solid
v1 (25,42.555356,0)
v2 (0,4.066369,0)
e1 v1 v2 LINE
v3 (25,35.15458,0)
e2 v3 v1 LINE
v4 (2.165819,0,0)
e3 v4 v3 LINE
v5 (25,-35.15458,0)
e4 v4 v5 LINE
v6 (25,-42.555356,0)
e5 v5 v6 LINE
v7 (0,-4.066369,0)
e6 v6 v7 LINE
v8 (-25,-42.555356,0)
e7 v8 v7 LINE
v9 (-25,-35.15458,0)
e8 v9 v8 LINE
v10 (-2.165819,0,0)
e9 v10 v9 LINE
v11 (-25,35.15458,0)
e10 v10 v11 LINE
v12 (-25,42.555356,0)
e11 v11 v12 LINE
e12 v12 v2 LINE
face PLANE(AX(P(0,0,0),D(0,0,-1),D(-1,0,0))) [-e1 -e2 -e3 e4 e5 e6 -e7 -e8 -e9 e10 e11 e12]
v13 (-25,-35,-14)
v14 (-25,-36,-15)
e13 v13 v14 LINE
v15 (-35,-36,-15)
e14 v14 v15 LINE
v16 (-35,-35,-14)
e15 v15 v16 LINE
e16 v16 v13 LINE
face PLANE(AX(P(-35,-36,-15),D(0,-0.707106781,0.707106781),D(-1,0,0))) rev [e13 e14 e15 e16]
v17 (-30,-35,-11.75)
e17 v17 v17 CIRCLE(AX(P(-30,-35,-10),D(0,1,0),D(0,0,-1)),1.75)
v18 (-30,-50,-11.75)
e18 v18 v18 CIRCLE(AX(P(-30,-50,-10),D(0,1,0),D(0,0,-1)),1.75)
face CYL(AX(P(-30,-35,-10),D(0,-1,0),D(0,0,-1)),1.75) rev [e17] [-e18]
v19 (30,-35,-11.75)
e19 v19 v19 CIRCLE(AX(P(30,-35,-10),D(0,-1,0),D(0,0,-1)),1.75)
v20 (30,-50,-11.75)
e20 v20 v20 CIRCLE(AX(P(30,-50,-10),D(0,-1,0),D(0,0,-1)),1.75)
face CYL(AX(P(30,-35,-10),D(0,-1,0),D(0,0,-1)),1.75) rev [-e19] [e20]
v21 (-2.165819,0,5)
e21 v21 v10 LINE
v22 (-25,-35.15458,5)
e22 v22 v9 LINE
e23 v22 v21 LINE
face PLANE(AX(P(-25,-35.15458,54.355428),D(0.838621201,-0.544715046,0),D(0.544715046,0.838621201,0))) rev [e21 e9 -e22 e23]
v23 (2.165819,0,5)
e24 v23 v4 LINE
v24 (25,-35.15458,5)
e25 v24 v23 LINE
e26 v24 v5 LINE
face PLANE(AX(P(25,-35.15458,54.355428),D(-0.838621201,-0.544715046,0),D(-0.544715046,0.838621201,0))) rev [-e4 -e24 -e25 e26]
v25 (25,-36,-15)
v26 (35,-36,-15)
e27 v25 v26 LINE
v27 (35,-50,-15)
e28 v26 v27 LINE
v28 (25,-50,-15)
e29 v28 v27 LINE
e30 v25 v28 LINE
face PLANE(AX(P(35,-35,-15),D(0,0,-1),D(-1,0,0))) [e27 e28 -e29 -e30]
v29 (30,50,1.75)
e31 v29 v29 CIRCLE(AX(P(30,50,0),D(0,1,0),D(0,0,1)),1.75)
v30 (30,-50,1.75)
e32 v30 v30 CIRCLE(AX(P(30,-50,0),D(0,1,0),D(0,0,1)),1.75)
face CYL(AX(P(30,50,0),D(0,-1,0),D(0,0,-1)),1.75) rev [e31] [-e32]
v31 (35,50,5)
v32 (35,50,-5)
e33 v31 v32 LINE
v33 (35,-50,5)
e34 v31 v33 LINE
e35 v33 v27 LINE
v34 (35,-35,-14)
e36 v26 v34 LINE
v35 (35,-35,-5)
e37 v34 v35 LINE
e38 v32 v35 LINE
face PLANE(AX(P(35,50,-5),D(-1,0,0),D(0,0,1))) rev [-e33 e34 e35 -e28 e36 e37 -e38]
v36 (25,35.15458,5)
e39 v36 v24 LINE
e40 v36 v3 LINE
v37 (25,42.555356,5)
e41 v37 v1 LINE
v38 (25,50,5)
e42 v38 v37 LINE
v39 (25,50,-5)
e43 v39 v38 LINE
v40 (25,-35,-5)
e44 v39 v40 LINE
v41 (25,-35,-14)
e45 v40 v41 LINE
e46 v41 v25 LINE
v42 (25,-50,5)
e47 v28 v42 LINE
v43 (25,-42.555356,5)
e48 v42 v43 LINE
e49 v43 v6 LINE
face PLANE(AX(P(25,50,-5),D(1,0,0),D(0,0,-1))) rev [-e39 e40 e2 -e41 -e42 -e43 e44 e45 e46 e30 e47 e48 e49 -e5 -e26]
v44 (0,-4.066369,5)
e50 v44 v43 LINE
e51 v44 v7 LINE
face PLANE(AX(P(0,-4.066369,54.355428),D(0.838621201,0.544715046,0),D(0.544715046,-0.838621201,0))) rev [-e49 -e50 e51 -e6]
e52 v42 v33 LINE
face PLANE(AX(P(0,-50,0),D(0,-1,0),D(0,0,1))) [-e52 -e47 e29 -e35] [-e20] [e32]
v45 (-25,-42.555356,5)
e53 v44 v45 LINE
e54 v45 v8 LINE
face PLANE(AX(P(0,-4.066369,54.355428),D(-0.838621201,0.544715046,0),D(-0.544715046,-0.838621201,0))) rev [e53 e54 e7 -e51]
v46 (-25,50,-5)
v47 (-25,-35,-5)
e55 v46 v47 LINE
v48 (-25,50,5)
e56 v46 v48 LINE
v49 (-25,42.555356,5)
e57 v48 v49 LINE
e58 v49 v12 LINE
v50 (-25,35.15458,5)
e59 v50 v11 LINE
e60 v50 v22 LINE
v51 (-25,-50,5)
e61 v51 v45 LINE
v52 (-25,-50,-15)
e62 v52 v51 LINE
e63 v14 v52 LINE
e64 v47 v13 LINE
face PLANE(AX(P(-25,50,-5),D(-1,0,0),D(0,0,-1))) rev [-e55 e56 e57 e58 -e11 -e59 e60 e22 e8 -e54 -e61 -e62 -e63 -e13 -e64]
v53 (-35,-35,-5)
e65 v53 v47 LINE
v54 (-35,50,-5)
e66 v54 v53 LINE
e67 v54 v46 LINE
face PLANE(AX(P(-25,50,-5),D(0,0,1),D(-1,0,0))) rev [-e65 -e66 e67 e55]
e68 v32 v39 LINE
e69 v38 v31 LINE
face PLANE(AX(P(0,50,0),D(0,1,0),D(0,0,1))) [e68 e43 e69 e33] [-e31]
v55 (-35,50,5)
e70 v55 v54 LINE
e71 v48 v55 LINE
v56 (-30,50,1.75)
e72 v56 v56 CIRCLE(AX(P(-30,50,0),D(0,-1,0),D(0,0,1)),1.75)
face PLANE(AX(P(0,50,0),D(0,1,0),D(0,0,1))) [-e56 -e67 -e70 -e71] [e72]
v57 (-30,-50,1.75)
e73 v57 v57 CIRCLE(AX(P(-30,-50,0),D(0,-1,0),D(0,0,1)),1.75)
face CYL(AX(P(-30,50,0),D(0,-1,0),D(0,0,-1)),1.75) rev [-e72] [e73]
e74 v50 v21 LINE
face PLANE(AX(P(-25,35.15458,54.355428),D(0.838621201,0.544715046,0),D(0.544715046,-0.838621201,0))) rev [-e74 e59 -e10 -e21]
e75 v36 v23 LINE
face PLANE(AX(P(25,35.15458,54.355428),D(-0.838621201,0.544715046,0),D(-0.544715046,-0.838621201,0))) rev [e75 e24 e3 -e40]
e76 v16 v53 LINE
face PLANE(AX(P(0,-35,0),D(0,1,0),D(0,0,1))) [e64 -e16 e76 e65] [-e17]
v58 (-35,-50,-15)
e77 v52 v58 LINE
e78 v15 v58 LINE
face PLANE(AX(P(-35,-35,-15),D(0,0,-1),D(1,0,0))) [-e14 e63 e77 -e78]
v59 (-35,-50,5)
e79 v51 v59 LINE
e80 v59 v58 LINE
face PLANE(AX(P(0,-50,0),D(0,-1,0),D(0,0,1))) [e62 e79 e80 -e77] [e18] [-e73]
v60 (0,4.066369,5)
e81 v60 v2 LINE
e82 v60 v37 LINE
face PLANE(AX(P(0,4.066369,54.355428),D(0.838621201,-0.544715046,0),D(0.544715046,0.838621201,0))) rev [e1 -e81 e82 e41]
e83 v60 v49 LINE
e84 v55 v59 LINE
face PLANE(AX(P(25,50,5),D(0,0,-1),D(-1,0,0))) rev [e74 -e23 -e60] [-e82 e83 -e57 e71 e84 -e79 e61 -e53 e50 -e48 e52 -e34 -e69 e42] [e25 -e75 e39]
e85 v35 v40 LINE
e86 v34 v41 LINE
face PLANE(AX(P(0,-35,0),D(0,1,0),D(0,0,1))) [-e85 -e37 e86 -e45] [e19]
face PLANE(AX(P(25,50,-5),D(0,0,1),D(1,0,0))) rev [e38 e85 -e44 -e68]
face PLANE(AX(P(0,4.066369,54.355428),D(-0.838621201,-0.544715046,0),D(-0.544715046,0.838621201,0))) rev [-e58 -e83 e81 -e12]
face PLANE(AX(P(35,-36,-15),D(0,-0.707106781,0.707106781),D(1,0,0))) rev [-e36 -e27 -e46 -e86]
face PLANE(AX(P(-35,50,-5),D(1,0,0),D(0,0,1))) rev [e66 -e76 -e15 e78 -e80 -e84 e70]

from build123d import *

# Parameters (mm, degrees)
CROQUIS3_W              = 10
CROQUIS3_H              = 10
CROQUIS3_R              = 1.75
SALIENTE_EXTRUIR1_DEPTH = 50
SALIENTE_EXTRUIR2_DEPTH = 5
CROQUIS9_W              = 10
CROQUIS9_H              = 10
CROQUIS9_R              = 1.75
SALIENTE_EXTRUIR4_DEPTH = 15
CHAFL_N1_SIZE           = 1


with BuildPart() as part:
    # Croquis3 → Saliente-Extruir1 (new body)
    with BuildSketch(Plane(origin=(0, 0, 0), x_dir=(1, 0, 0), z_dir=(0, 1, 0))):
        with Locations((30, 0)):
            Rectangle(CROQUIS3_W, CROQUIS3_H)
        with Locations(Location((30, 0, 0), (0, 0, 270))):
            Circle(CROQUIS3_R, mode=Mode.SUBTRACT)
    extrude(amount=SALIENTE_EXTRUIR1_DEPTH)

    # Croquis4 → Saliente-Extruir2 (add)
    with BuildSketch(Plane.XY):
        Polygon((0, 0), (0, 4.066369454), (25, 42.555355948), (25, 35.154579698), (2.165818783, 0), align=None)
    extrude(amount=SALIENTE_EXTRUIR2_DEPTH)

    # Simetría1: part across plane


with BuildPart() as part_1:
    add(part.part)
    add(part.part.mirror(Plane.ZX))

    # Croquis9 → Saliente-Extruir4 (add)
    with BuildSketch(Plane.XZ.offset(50)):
        with Locations((30, -10)):
            Rectangle(CROQUIS9_W, CROQUIS9_H)
        with Locations(Location((30, -10, 0), (0, 0, 270))):
            Circle(CROQUIS9_R, mode=Mode.SUBTRACT)
    extrude(amount=-SALIENTE_EXTRUIR4_DEPTH)

    # Chaflán1
    chafl_n1_edges = [part_1.edges().sort_by_distance(p)[0] for p in [
        (30, -35, -15),
    ]]
    chamfer(chafl_n1_edges, length=CHAFL_N1_SIZE)

    # Simetría2: part across plane


with BuildPart() as part_2:
    add(part_1.part)
    add(part_1.part.mirror(Plane(origin=(0, 0, 0), x_dir=(0, 0, 1), z_dir=(1, 0, 0))))


solid = part_2.part
